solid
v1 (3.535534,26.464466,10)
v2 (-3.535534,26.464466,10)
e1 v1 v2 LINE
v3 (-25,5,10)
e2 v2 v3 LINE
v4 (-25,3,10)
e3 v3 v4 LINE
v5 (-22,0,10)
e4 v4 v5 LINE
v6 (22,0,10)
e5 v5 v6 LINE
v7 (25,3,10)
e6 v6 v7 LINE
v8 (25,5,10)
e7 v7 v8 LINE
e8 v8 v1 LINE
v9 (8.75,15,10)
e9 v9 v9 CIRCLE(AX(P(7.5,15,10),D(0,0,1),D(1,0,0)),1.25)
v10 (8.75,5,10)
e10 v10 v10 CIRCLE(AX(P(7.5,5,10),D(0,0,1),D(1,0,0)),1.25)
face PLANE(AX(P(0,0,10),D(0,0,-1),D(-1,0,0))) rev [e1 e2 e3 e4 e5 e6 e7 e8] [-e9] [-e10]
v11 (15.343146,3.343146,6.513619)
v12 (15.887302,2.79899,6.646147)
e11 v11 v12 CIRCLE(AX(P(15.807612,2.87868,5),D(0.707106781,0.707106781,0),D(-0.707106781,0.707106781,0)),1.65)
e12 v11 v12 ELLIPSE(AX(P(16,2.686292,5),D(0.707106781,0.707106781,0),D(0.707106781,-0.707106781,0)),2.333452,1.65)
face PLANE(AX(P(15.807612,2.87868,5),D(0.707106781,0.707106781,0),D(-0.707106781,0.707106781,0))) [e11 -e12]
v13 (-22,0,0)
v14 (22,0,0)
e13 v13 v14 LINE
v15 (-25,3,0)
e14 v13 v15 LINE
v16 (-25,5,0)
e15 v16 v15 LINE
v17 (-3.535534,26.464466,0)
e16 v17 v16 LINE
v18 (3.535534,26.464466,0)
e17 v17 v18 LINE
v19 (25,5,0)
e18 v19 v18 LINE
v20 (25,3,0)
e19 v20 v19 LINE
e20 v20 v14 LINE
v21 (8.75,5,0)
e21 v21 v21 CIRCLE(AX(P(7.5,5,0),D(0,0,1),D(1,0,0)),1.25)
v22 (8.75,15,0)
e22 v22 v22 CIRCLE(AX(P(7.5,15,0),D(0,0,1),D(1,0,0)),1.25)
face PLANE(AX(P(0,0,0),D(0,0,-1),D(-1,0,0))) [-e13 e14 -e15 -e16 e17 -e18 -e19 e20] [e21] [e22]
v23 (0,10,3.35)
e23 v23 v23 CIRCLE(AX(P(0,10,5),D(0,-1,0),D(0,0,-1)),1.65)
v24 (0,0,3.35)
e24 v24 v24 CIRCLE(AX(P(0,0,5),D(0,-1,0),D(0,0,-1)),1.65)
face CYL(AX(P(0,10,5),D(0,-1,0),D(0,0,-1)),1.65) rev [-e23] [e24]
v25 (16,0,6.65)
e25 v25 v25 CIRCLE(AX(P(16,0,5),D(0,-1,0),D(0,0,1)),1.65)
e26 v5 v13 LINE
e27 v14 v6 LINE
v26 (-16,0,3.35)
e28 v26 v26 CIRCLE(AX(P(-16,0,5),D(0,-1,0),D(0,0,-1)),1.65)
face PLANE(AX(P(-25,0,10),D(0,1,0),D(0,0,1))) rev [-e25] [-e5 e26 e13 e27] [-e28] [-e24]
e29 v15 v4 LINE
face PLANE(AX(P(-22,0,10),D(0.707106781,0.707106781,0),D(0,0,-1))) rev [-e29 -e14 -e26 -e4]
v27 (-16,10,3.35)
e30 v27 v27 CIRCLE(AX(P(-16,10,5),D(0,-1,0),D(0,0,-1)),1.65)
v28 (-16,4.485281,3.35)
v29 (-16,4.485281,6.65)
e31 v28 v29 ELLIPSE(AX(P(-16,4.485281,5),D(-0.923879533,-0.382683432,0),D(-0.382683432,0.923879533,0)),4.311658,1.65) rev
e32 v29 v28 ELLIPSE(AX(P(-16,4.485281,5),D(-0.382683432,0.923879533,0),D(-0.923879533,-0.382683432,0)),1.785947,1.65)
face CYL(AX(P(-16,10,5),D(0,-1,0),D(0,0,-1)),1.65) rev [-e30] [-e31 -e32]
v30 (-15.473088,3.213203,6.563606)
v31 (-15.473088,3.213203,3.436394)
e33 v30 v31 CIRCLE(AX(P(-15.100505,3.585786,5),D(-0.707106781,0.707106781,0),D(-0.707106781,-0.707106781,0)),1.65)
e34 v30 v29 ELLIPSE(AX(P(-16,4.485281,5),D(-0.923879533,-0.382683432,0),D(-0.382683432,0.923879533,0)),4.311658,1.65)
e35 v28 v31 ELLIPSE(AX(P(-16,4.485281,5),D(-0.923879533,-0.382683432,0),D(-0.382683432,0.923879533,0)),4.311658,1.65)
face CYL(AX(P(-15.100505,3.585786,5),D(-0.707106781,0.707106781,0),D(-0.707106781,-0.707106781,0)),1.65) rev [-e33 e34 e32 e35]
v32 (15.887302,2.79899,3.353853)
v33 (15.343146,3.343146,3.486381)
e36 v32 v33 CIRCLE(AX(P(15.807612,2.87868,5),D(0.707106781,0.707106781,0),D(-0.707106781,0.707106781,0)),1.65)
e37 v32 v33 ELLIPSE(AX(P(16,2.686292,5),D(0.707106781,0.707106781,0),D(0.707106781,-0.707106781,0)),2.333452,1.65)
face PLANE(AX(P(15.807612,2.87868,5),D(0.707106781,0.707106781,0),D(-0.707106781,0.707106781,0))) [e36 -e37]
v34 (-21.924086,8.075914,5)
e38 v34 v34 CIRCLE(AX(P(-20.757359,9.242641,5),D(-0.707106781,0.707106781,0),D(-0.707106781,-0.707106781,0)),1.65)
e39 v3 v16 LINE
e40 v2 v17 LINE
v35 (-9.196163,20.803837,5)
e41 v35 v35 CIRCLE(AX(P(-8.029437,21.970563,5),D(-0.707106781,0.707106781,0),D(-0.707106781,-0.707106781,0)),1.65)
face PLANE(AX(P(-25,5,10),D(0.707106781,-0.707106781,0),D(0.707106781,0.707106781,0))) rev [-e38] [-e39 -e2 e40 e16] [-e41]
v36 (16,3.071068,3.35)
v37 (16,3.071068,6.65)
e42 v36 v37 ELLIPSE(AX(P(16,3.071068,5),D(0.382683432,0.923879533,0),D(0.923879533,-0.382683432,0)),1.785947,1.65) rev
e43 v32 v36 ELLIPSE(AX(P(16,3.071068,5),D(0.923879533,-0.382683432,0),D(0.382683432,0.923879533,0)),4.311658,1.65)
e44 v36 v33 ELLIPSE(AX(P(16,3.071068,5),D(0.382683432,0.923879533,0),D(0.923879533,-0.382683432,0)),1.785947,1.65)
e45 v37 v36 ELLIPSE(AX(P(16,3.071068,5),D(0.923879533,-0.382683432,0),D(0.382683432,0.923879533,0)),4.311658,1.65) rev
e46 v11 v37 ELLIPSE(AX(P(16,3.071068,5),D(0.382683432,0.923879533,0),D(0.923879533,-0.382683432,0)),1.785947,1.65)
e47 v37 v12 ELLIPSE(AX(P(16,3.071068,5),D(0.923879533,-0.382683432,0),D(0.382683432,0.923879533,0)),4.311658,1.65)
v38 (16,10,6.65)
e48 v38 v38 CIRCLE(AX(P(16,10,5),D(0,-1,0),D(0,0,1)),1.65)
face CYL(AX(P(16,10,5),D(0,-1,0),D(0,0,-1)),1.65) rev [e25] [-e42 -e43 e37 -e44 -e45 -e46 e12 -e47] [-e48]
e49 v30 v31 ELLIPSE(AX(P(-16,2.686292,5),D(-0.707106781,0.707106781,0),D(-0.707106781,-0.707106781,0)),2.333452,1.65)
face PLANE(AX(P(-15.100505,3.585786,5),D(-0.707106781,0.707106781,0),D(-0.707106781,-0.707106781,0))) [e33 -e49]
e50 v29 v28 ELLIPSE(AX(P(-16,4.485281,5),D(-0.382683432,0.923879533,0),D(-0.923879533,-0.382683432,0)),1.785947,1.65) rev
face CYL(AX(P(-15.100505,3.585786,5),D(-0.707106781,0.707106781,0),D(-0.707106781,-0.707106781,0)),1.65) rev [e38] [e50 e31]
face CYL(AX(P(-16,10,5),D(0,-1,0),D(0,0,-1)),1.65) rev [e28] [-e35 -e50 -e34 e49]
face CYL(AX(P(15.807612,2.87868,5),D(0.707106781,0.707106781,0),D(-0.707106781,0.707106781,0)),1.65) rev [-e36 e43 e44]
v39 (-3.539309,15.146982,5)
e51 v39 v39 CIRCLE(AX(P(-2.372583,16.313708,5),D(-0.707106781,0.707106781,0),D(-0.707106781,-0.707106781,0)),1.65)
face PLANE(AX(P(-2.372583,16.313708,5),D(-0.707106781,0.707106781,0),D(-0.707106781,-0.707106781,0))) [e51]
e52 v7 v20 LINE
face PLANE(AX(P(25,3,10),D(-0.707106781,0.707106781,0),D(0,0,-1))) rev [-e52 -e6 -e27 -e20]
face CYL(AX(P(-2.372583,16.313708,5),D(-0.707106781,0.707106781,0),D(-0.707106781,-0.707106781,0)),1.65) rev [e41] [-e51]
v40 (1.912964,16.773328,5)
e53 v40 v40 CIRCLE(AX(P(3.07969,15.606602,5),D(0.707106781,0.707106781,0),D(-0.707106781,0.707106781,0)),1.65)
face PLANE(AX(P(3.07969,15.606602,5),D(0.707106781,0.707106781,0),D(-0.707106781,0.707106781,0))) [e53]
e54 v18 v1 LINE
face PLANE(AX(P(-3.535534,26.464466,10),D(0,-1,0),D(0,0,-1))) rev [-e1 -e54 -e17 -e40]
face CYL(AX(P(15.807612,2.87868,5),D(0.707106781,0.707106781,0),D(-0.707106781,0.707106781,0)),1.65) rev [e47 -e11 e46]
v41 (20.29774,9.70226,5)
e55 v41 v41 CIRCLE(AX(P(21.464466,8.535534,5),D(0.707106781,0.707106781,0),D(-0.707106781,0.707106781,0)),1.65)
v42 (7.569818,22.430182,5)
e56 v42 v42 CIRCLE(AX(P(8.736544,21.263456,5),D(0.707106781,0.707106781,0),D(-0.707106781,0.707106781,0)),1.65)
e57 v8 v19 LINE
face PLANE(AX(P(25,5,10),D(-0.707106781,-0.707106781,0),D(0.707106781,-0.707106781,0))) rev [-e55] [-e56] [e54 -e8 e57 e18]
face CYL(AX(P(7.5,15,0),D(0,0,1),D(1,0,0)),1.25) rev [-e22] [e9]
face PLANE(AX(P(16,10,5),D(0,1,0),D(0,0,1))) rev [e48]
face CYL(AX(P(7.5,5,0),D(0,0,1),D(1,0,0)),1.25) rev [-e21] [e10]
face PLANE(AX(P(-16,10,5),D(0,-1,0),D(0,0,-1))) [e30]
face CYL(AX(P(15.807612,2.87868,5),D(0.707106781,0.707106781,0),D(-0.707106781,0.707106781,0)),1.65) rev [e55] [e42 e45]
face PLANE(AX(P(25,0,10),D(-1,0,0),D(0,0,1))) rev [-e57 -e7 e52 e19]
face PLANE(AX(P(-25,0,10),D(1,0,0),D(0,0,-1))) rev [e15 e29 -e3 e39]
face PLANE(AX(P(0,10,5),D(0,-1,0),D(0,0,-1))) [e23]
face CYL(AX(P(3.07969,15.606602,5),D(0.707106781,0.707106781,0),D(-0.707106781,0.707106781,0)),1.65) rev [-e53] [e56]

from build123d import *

# Parameters (mm, degrees)
BOSS_EXTRU_1_DEPTH      = 10
ESQUISSE2_R             = 1.65
ENL_V_MAT_EXTRU_1_DEPTH = 8
ESQUISSE3_R             = 1.65
ENL_V_MAT_EXTRU_2_DEPTH = 8
CHANFREIN1_SIZE         = 5
ESQUISSE4_R             = 1.65
ENL_V_MAT_EXTRU_3_DEPTH = 10
CHANFREIN3_SIZE         = 3
ESQUISSE5_R             = 1.25
ENL_V_MAT_EXTRU_4_DEPTH = 38.754045686


with BuildPart() as part:
    # Esquisse1 → Boss.-Extru.1 (new body)
    with BuildSketch(Plane.XY):
        Polygon((-25, 0), (25, 0), (25, 5), (0, 30), (-25, 5), align=None)
    extrude(amount=BOSS_EXTRU_1_DEPTH)

    # Esquisse2 → Enlèv. mat.-Extru.1 (cut)
    with BuildSketch(Plane(origin=(15, 15, 0), x_dir=(0, 0, -1), z_dir=(0.7071067811865511, 0.7071067811865439, 0))):
        with Locations(Location((-5, 8.857864376, 0), (0, 0, 90))):
            Circle(ESQUISSE2_R)
        with Locations(Location((-5, -9.142135624, 0), (0, 0, 90))):
            Circle(ESQUISSE2_R)
    extrude(amount=-ENL_V_MAT_EXTRU_1_DEPTH, mode=Mode.SUBTRACT)

    # Esquisse3 → Enlèv. mat.-Extru.2 (cut)
    with BuildSketch(Plane(origin=(-15, 15, 0), x_dir=(0, 0, 1), z_dir=(-0.7071067811865511, 0.7071067811865439, 0))):
        with Locations(Location((5, 9.857864376, 0), (0, 0, 270))):
            Circle(ESQUISSE3_R)
        with Locations(Location((5, -8.142135624, 0), (0, 0, 270))):
            Circle(ESQUISSE3_R)
    extrude(amount=-ENL_V_MAT_EXTRU_2_DEPTH, mode=Mode.SUBTRACT)

    # Chanfrein1
    chanfrein1_edges = [part.edges().sort_by_distance(p)[0] for p in [
        (0, 30, 5),
    ]]
    chamfer(chanfrein1_edges, length=CHANFREIN1_SIZE)

    # Esquisse4 → Enlèv. mat.-Extru.3 (cut)
    with BuildSketch(Plane.XZ):
        with Locations(Location((0, 5, 0), (0, 0, 270))):
            Circle(ESQUISSE4_R)
        with Locations(Location((-16, 5, 0), (0, 0, 270))):
            Circle(ESQUISSE4_R)
        with Locations(Location((16, 5, 0), (0, 0, 90))):
            Circle(ESQUISSE4_R)
    extrude(amount=-ENL_V_MAT_EXTRU_3_DEPTH, mode=Mode.SUBTRACT)

    # Chanfrein3
    chanfrein3_edges = [part.edges().sort_by_distance(p)[0] for p in [
        (25, 0, 5),
        (-25, 0, 5),
    ]]
    chamfer(chanfrein3_edges, length=CHANFREIN3_SIZE)

    # Esquisse5 → Enlèv. mat.-Extru.4 (cut, through all)
    with BuildSketch(Plane.XY.offset(10)):
        with Locations((7.5, 15)):
            Circle(ESQUISSE5_R)
        with Locations((7.5, 5)):
            Circle(ESQUISSE5_R)
    extrude(amount=-ENL_V_MAT_EXTRU_4_DEPTH, mode=Mode.SUBTRACT)


solid = part.part
